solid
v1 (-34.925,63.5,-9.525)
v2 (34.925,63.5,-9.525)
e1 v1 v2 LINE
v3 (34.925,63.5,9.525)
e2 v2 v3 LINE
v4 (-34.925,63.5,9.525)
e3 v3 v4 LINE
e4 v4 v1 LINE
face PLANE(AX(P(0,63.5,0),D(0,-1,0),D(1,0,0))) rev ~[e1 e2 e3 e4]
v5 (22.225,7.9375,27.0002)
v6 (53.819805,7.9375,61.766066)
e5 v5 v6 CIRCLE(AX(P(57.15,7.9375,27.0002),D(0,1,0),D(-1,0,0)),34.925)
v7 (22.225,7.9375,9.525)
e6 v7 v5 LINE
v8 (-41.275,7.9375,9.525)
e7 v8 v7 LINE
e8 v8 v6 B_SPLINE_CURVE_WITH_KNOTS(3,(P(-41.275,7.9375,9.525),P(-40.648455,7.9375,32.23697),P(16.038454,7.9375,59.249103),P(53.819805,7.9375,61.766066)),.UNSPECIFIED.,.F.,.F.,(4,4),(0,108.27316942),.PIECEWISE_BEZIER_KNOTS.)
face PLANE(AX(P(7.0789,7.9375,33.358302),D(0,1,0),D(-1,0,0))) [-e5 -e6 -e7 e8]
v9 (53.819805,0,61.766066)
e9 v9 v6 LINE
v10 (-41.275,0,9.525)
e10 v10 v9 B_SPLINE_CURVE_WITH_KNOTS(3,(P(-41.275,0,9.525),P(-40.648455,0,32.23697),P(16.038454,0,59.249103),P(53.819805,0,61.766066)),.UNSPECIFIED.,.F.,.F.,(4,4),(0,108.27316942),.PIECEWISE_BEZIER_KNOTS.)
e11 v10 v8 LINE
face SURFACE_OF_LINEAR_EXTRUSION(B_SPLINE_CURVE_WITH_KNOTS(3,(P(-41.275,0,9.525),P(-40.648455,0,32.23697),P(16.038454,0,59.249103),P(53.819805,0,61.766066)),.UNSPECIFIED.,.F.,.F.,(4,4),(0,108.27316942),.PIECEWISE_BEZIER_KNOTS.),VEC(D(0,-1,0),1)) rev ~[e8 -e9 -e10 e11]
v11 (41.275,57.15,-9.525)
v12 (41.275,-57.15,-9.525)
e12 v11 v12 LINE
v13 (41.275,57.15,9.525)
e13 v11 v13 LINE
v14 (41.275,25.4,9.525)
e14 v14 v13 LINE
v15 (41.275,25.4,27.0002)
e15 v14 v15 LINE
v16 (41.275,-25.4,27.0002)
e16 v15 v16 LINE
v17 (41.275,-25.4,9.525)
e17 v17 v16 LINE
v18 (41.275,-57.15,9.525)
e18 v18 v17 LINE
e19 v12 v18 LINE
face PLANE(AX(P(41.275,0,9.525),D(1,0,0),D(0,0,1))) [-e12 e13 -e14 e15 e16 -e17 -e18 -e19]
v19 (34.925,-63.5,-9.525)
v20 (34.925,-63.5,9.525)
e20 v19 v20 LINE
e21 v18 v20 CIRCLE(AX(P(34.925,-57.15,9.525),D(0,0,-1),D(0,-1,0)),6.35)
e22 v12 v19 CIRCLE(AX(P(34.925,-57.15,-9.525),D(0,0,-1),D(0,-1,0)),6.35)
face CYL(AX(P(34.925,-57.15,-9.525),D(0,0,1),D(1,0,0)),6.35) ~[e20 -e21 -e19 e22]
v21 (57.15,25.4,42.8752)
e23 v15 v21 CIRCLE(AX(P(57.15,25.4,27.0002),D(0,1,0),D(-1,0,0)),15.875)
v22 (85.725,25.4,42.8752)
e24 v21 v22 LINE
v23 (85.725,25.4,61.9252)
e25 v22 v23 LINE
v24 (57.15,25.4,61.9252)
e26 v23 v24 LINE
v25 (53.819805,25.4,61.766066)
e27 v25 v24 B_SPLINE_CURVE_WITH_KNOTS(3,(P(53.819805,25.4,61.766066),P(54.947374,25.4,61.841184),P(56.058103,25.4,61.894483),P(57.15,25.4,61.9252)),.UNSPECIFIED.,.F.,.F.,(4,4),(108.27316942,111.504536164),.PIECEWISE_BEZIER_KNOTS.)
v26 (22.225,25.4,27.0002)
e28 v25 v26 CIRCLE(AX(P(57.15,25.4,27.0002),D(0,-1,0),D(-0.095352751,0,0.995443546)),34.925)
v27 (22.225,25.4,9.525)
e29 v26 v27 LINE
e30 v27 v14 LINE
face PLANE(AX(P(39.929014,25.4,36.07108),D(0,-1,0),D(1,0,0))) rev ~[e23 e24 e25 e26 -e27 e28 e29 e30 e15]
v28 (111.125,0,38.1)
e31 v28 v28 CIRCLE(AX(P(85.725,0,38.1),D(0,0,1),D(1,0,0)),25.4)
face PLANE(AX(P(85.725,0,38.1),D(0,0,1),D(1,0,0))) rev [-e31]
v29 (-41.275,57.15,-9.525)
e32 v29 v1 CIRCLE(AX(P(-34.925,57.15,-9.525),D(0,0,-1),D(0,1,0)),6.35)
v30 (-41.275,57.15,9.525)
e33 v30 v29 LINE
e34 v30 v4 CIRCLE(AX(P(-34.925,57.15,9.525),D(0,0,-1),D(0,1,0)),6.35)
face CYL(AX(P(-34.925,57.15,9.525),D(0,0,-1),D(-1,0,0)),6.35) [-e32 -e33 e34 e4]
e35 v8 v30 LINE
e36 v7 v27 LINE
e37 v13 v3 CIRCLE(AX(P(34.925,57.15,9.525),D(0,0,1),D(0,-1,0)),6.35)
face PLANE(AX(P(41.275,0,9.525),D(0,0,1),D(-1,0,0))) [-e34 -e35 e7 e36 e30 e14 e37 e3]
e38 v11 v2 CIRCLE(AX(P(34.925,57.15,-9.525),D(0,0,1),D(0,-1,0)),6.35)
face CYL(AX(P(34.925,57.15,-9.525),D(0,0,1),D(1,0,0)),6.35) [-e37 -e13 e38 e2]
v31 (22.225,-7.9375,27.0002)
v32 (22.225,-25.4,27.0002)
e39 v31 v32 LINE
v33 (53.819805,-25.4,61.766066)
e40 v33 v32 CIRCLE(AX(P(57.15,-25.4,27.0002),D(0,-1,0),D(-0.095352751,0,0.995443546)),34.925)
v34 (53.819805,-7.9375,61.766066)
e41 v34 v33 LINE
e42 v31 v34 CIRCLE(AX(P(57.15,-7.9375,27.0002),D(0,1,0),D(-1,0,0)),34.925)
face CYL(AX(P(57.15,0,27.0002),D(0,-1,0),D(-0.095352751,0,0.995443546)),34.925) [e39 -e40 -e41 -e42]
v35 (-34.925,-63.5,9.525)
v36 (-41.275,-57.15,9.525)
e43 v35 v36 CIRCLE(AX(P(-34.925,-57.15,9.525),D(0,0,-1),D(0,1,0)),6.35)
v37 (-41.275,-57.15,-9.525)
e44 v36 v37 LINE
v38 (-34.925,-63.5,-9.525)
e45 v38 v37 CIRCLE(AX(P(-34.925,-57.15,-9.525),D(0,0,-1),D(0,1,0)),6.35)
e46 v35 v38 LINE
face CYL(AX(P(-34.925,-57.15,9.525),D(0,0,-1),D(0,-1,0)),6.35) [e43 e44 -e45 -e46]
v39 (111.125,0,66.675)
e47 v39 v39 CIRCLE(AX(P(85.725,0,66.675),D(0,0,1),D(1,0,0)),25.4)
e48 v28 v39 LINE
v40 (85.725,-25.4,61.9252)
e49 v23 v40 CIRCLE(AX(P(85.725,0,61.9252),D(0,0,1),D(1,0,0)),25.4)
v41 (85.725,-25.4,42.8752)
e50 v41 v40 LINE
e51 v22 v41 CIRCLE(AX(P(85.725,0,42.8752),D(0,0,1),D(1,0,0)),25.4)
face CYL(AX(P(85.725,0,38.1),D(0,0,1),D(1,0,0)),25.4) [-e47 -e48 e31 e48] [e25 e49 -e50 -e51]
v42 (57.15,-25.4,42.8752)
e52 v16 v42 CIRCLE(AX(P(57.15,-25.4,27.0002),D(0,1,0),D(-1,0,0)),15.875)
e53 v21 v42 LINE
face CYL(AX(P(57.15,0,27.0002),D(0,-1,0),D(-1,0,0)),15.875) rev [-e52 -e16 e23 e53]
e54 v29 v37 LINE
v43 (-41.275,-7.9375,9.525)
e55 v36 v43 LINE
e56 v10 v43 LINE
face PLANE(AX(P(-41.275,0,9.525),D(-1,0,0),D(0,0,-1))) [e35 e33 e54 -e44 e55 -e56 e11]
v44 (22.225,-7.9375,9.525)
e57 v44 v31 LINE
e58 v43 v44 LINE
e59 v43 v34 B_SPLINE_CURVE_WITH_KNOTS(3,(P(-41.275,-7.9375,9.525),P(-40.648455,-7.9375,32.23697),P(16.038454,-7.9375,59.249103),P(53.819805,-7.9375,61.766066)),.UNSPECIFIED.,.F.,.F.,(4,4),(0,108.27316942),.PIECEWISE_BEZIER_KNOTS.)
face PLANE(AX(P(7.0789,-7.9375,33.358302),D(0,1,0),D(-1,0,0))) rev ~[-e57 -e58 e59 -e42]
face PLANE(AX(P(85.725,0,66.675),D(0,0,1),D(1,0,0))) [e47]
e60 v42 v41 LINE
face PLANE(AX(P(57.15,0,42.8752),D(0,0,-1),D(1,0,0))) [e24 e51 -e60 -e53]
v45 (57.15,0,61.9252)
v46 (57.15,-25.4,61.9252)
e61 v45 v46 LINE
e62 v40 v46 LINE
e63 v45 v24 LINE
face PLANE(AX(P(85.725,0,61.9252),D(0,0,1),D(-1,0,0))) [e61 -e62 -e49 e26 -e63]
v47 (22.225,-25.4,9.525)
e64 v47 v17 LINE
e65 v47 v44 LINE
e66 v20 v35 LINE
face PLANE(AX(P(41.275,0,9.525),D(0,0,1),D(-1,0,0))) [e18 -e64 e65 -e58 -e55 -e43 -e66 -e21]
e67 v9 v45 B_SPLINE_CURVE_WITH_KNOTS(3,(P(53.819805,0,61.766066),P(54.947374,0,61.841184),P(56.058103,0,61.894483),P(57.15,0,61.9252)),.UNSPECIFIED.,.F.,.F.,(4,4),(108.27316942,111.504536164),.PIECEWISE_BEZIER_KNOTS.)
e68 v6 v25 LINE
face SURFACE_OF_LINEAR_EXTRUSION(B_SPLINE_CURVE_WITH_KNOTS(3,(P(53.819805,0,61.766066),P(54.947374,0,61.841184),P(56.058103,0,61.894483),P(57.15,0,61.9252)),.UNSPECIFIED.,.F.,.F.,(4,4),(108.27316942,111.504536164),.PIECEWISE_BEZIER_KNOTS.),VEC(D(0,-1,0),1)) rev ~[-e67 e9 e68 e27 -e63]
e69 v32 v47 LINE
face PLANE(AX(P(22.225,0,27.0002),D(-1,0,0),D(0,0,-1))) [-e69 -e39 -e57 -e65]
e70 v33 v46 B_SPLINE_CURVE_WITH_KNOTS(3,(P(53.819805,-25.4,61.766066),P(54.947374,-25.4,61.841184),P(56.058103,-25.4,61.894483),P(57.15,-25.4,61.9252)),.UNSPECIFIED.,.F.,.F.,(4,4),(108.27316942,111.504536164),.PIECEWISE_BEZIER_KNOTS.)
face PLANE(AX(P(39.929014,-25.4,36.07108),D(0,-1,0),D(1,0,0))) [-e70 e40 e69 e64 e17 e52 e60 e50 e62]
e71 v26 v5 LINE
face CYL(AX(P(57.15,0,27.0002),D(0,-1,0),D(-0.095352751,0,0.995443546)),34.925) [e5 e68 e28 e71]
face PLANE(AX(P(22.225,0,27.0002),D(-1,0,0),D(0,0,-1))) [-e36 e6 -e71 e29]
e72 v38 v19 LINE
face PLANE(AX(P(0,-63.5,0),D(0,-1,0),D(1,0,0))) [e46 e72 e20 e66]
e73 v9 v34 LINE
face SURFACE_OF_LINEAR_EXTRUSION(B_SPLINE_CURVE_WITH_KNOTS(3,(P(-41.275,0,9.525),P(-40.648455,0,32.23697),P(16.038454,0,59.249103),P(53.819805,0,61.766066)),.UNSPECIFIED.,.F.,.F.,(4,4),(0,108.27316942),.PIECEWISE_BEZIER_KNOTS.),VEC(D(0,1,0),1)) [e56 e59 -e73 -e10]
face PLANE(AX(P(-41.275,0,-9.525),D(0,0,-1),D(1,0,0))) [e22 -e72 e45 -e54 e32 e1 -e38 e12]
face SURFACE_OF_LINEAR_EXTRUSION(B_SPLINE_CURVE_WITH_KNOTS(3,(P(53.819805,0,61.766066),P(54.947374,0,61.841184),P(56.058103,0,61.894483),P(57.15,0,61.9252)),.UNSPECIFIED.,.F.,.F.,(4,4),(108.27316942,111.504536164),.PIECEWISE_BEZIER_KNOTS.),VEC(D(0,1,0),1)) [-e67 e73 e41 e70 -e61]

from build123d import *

# Parameters (mm, degrees)
F1_DEPTH      = 63.5
F1_DEPTH_BACK = 63.5
F0_W          = 25.4
F0_H          = 19.05
F2_DEPTH      = 25.4
F2_DEPTH_BACK = 25.4
F3_DEPTH      = 7.9375
F5_R          = 6.35


with BuildPart() as f1:
    # F0 (on Front) → F1 (new body, two sides)
    with BuildSketch(Plane.XZ) as f1_sk:
        Polygon((-41.275, 9.525), (-41.275, -9.525), (41.275, -9.525), (41.275, 9.525), (22.225, 9.525), align=None)
    extrude(amount=F1_DEPTH)
    extrude(f1_sk.sketch, amount=-F1_DEPTH_BACK)

    # F0 (on Front) → F2 (join, two sides)
    with BuildSketch(Plane.XZ) as f2_sk:
        with BuildLine():
            Line((22.225, 9.525), (41.275, 9.525))
            Line((41.275, 9.525), (41.275, 27.0002))
            ThreePointArc((41.275, 27.0002), (45.9246798487, 38.2255201513), (57.15, 42.8752))
            Line((57.15, 42.8752), (60.325, 42.8752))
            Line((60.325, 42.8752), (60.325, 61.9252))
            Line((60.325, 61.9252), (57.15, 61.9252))
            add(Edge.make_bspline(
                [(53.8198051539, 61.7660658354), (54.9473735192, 61.8411835235), (56.058102729, 61.8944833959), (57.15, 61.9252)],
                knots=[108.2731694202, 108.2731694202, 108.2731694202, 108.2731694202, 111.5045361635, 111.5045361635, 111.5045361635, 111.5045361635], degree=3))
            ThreePointArc((53.8198051539, 61.7660658354), (31.30369775, 50.4890119112), (22.225, 27.0002))
            Line((22.225, 27.0002), (22.225, 9.525))
        make_face()
        with Locations((73.025, 52.4002)):
            Rectangle(F0_W, F0_H)
    extrude(amount=F2_DEPTH)
    extrude(f2_sk.sketch, amount=-F2_DEPTH_BACK)

    # F0 (on Front) → F3 (join, symmetric)
    with BuildSketch(Plane.XZ):
        with BuildLine():
            add(Edge.make_bspline(
                [(-41.275, 9.525), (-40.6484546844, 32.2369696222), (16.0384543074, 59.2491029489), (53.8198051539, 61.7660658354)],
                knots=[0, 0, 0, 0, 108.2731694202, 108.2731694202, 108.2731694202, 108.2731694202], degree=3))
            Line((-41.275, 9.525), (22.225, 9.525))
            Line((22.225, 9.525), (22.225, 27.0002))
            ThreePointArc((22.225, 27.0002), (31.30369775, 50.4890119112), (53.8198051539, 61.7660658354))
        make_face()
    extrude(amount=F3_DEPTH, both=True)

    # F0 (on Front) → F4 (revolve)
    with BuildSketch(Plane.XZ):
        Polygon((85.725, 66.675), (85.725, 61.9252), (85.725, 42.8752), (85.725, 38.1), (111.125, 38.1), (111.125, 66.675), align=None)
    revolve(axis=Axis((85.725, 0, 52.3875), (0, 0, 1)))

    # F5
    f5_edges = [f1.edges().sort_by_distance(p)[0] for p in [
        (41.275, -63.5, 0),
        (-41.275, -63.5, 0),
        (-41.275, 63.5, 0),
        (41.275, 63.5, 0),
    ]]
    fillet(f5_edges, radius=F5_R)


solid = f1.part
